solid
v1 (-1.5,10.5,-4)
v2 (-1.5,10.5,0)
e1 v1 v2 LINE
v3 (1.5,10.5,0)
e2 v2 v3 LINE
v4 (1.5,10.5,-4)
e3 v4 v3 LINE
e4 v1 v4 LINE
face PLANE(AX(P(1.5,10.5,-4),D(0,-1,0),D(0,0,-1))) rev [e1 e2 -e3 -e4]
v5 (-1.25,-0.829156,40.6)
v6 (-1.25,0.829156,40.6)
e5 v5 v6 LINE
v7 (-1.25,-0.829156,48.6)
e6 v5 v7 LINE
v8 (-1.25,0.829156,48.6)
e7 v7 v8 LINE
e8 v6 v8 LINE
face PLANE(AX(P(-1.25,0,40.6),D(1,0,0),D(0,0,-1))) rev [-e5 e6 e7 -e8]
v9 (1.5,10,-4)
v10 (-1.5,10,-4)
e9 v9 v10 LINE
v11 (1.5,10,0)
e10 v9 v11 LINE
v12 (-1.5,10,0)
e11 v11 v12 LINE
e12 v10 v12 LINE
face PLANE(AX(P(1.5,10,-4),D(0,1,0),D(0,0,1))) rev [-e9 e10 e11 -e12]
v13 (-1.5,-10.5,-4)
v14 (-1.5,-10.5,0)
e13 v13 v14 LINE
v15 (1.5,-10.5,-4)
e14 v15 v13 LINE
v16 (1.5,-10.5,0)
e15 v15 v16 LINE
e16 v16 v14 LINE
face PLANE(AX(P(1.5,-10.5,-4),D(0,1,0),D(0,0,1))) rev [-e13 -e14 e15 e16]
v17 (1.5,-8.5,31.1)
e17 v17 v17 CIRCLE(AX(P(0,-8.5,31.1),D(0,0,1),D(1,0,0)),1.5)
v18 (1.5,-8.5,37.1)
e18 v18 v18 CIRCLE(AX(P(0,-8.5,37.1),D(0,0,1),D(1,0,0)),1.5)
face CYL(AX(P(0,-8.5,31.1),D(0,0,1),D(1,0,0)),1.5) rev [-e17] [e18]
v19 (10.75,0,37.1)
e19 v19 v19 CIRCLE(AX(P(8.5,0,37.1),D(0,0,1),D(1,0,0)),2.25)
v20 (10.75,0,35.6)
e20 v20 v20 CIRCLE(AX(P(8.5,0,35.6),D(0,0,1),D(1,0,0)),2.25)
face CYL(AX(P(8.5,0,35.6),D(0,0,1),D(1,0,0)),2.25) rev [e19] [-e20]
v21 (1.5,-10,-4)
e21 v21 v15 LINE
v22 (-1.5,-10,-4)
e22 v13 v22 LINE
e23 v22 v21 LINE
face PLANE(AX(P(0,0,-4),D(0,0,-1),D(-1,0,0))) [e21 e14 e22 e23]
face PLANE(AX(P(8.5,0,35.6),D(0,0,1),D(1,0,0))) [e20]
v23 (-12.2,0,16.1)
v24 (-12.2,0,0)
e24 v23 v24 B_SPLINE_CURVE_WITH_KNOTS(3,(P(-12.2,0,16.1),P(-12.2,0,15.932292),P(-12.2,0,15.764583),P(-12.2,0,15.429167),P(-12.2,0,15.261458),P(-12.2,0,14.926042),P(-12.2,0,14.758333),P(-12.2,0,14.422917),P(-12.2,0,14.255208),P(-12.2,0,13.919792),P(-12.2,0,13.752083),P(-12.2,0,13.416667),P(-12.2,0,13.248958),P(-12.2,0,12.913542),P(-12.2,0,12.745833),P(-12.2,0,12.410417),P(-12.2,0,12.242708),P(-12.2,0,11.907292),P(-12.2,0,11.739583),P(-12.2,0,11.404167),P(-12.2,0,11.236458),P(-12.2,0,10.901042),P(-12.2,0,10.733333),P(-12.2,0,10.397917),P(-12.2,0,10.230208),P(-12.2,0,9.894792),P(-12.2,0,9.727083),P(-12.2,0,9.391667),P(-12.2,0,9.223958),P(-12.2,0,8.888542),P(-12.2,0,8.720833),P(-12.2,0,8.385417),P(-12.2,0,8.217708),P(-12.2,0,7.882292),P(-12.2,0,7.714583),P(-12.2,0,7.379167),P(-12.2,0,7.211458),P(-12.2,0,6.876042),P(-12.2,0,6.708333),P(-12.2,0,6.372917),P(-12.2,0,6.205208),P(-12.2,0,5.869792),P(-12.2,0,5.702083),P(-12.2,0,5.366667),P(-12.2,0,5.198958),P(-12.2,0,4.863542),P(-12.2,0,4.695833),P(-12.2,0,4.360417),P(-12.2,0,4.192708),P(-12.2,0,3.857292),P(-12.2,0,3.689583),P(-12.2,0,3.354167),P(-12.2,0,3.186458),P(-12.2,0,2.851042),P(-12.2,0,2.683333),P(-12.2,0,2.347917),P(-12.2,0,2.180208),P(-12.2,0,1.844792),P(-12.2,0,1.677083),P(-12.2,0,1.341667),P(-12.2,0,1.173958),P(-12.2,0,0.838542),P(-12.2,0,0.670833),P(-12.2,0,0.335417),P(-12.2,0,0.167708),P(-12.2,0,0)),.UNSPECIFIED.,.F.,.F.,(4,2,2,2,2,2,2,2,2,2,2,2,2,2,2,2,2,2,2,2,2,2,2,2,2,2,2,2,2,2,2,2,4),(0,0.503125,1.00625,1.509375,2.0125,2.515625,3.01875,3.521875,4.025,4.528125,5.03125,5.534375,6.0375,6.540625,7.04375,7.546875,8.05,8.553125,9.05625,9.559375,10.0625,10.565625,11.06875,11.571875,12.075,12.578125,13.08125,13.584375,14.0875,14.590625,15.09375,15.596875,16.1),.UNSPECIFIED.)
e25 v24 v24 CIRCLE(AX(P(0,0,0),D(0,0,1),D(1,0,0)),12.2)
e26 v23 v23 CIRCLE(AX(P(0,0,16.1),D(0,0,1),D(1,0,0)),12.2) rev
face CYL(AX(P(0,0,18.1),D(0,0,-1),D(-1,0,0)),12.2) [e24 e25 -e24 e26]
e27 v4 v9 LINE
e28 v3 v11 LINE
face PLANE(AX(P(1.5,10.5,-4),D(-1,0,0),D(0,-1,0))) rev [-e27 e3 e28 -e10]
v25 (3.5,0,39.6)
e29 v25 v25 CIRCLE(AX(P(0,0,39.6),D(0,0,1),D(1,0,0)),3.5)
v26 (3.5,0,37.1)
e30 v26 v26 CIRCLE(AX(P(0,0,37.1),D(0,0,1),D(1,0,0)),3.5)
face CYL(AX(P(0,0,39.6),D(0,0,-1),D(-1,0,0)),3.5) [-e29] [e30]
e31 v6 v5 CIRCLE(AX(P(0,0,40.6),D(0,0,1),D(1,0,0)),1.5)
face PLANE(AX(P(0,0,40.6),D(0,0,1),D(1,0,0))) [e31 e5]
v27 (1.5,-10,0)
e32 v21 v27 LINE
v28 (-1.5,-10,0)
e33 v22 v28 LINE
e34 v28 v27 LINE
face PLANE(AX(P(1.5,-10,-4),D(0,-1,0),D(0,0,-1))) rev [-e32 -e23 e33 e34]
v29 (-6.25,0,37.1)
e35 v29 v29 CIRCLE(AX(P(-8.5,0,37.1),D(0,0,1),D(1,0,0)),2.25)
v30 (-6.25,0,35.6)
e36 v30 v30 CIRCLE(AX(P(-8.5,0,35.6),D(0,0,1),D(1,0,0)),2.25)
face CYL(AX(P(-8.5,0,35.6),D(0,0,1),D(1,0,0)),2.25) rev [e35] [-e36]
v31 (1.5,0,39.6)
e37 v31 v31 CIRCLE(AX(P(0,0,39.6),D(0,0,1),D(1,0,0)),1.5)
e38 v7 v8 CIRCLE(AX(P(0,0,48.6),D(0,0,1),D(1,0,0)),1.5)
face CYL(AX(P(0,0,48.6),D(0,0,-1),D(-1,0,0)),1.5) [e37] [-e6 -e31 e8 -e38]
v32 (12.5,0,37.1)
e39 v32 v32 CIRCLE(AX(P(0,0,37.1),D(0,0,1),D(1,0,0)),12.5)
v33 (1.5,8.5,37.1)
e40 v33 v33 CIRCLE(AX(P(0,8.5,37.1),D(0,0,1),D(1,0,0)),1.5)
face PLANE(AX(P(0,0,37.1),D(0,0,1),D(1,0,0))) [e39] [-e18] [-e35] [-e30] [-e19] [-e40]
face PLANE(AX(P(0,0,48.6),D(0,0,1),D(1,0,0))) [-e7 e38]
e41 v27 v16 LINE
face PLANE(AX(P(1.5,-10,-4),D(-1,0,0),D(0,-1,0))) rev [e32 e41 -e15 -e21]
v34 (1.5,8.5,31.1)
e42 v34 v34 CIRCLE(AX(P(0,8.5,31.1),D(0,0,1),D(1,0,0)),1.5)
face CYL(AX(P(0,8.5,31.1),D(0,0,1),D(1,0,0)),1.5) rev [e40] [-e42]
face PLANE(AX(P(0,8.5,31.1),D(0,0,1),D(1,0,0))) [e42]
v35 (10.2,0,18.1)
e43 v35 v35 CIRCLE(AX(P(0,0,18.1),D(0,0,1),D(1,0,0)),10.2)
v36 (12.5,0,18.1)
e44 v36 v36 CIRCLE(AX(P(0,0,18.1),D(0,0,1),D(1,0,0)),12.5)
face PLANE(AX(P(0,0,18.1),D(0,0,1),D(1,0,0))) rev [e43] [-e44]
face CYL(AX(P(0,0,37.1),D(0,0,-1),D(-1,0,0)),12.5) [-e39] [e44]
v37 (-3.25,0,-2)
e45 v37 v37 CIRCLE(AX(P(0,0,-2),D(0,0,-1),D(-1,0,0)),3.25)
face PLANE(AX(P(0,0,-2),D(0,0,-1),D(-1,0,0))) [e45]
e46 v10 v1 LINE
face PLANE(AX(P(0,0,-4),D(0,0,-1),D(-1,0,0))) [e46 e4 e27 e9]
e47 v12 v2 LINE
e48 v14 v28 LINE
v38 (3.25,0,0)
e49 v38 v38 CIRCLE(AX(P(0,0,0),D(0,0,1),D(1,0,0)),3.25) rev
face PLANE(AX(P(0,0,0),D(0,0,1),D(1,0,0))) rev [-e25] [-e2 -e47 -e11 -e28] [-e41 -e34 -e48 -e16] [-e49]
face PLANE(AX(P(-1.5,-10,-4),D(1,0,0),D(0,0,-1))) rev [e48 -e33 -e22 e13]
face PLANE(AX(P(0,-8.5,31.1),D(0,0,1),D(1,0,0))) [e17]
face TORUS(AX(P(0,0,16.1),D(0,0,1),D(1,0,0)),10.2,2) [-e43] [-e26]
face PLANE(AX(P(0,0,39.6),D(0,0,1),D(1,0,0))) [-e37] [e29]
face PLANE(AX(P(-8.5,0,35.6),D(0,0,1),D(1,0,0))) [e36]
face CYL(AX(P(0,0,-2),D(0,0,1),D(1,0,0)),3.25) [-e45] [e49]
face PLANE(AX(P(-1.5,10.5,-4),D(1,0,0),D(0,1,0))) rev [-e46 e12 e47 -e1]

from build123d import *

# Parameters (mm, degrees)
SKETCH_1_R          = 12.2
EXTRUDE_1_DEPTH     = 18.1
FILLET_1_R          = 2
SKETCH_2_R          = 12.5
EXTRUDE_2_DEPTH     = 19
SKETCH_3_R          = 3.5
EXTRUDE_3_DEPTH     = 2.5
SKETCH_4_R          = 1.5
EXTRUDE_4_DEPTH     = 9
CUT_EXTRUDE_1_DEPTH = 8
SKETCH_6_R          = 2.25
CUT_EXTRUDE_2_DEPTH = 1.5
SKETCH_8_R          = 1.5
CUT_EXTRUDE_3_DEPTH = 6
SKETCH_9_R          = 3.25
EXTRUDE_5_DEPTH     = 2
SKETCH_10_W         = 3
SKETCH_10_H         = 0.5
EXTRUDE_6_DEPTH     = 4


with BuildPart() as part:
    # 草图1 → 凸台-拉伸1 (new body)
    with BuildSketch(Plane.XY):
        with Locations(Location((0, 0, 0), (0, 0, 180))):
            Circle(SKETCH_1_R)
    extrude(amount=EXTRUDE_1_DEPTH)

    # 圆角1
    fillet_1_edges = [part.edges().sort_by_distance(p)[0] for p in [
        (12.2, 0, 18.1),
    ]]
    fillet(fillet_1_edges, radius=FILLET_1_R)

    # 草图2 → 凸台-拉伸2 (add)
    with BuildSketch(Plane.XY.offset(18.1)):
        Circle(SKETCH_2_R)
    extrude(amount=EXTRUDE_2_DEPTH)

    # 草图3 → 凸台-拉伸3 (add)
    with BuildSketch(Plane.XY.offset(37.1)):
        Circle(SKETCH_3_R)
    extrude(amount=EXTRUDE_3_DEPTH)

    # 草图4 → 凸台-拉伸4 (add)
    with BuildSketch(Plane.XY.offset(39.6)):
        Circle(SKETCH_4_R)
    extrude(amount=EXTRUDE_4_DEPTH)

    # 草图5 → 切除-拉伸1 (cut)
    with BuildSketch(Plane.XY.offset(48.6)):
        Polygon((-1.25, -49.129490658), (-1.25, -0.829156198), (-1.25, 0.829156198), (-1.25, 49.129490658), (-97.85066892, 49.129490658), (-97.85066892, -49.129490658), align=None)
    extrude(amount=-CUT_EXTRUDE_1_DEPTH, mode=Mode.SUBTRACT)

    # 草图6 → 切除-拉伸2 (cut)
    with BuildSketch(Plane.XY.offset(37.1)):
        with Locations((8.5, 0)):
            Circle(SKETCH_6_R)
        with Locations((-8.5, 0)):
            Circle(SKETCH_6_R)
    extrude(amount=-CUT_EXTRUDE_2_DEPTH, mode=Mode.SUBTRACT)

    # 草图8 → 切除-拉伸3 (cut)
    with BuildSketch(Plane.XY.offset(37.1)):
        with Locations((0, 8.5)):
            Circle(SKETCH_8_R)
        with Locations((0, -8.5)):
            Circle(SKETCH_8_R)
    extrude(amount=-CUT_EXTRUDE_3_DEPTH, mode=Mode.SUBTRACT)

    # 草图9 → 凸台-拉伸5 (add)
    with BuildSketch(Plane(origin=(0, 0, 0), x_dir=(-1, 0, 0), z_dir=(0, 0, -1))):
        with Locations(Location((0, 0, 0), (0, 0, 180))):
            Circle(SKETCH_9_R)
    extrude(amount=EXTRUDE_5_DEPTH)

    # 草图10 → 凸台-拉伸6 (add)
    with BuildSketch(Plane(origin=(0, 0, 0), x_dir=(-1, 0, 0), z_dir=(0, 0, -1))):
        with Locations((0, 10.25)):
            Rectangle(SKETCH_10_W, SKETCH_10_H)
        with Locations((0, -10.25)):
            Rectangle(SKETCH_10_W, SKETCH_10_H)
    extrude(amount=EXTRUDE_6_DEPTH)


solid = part.part
